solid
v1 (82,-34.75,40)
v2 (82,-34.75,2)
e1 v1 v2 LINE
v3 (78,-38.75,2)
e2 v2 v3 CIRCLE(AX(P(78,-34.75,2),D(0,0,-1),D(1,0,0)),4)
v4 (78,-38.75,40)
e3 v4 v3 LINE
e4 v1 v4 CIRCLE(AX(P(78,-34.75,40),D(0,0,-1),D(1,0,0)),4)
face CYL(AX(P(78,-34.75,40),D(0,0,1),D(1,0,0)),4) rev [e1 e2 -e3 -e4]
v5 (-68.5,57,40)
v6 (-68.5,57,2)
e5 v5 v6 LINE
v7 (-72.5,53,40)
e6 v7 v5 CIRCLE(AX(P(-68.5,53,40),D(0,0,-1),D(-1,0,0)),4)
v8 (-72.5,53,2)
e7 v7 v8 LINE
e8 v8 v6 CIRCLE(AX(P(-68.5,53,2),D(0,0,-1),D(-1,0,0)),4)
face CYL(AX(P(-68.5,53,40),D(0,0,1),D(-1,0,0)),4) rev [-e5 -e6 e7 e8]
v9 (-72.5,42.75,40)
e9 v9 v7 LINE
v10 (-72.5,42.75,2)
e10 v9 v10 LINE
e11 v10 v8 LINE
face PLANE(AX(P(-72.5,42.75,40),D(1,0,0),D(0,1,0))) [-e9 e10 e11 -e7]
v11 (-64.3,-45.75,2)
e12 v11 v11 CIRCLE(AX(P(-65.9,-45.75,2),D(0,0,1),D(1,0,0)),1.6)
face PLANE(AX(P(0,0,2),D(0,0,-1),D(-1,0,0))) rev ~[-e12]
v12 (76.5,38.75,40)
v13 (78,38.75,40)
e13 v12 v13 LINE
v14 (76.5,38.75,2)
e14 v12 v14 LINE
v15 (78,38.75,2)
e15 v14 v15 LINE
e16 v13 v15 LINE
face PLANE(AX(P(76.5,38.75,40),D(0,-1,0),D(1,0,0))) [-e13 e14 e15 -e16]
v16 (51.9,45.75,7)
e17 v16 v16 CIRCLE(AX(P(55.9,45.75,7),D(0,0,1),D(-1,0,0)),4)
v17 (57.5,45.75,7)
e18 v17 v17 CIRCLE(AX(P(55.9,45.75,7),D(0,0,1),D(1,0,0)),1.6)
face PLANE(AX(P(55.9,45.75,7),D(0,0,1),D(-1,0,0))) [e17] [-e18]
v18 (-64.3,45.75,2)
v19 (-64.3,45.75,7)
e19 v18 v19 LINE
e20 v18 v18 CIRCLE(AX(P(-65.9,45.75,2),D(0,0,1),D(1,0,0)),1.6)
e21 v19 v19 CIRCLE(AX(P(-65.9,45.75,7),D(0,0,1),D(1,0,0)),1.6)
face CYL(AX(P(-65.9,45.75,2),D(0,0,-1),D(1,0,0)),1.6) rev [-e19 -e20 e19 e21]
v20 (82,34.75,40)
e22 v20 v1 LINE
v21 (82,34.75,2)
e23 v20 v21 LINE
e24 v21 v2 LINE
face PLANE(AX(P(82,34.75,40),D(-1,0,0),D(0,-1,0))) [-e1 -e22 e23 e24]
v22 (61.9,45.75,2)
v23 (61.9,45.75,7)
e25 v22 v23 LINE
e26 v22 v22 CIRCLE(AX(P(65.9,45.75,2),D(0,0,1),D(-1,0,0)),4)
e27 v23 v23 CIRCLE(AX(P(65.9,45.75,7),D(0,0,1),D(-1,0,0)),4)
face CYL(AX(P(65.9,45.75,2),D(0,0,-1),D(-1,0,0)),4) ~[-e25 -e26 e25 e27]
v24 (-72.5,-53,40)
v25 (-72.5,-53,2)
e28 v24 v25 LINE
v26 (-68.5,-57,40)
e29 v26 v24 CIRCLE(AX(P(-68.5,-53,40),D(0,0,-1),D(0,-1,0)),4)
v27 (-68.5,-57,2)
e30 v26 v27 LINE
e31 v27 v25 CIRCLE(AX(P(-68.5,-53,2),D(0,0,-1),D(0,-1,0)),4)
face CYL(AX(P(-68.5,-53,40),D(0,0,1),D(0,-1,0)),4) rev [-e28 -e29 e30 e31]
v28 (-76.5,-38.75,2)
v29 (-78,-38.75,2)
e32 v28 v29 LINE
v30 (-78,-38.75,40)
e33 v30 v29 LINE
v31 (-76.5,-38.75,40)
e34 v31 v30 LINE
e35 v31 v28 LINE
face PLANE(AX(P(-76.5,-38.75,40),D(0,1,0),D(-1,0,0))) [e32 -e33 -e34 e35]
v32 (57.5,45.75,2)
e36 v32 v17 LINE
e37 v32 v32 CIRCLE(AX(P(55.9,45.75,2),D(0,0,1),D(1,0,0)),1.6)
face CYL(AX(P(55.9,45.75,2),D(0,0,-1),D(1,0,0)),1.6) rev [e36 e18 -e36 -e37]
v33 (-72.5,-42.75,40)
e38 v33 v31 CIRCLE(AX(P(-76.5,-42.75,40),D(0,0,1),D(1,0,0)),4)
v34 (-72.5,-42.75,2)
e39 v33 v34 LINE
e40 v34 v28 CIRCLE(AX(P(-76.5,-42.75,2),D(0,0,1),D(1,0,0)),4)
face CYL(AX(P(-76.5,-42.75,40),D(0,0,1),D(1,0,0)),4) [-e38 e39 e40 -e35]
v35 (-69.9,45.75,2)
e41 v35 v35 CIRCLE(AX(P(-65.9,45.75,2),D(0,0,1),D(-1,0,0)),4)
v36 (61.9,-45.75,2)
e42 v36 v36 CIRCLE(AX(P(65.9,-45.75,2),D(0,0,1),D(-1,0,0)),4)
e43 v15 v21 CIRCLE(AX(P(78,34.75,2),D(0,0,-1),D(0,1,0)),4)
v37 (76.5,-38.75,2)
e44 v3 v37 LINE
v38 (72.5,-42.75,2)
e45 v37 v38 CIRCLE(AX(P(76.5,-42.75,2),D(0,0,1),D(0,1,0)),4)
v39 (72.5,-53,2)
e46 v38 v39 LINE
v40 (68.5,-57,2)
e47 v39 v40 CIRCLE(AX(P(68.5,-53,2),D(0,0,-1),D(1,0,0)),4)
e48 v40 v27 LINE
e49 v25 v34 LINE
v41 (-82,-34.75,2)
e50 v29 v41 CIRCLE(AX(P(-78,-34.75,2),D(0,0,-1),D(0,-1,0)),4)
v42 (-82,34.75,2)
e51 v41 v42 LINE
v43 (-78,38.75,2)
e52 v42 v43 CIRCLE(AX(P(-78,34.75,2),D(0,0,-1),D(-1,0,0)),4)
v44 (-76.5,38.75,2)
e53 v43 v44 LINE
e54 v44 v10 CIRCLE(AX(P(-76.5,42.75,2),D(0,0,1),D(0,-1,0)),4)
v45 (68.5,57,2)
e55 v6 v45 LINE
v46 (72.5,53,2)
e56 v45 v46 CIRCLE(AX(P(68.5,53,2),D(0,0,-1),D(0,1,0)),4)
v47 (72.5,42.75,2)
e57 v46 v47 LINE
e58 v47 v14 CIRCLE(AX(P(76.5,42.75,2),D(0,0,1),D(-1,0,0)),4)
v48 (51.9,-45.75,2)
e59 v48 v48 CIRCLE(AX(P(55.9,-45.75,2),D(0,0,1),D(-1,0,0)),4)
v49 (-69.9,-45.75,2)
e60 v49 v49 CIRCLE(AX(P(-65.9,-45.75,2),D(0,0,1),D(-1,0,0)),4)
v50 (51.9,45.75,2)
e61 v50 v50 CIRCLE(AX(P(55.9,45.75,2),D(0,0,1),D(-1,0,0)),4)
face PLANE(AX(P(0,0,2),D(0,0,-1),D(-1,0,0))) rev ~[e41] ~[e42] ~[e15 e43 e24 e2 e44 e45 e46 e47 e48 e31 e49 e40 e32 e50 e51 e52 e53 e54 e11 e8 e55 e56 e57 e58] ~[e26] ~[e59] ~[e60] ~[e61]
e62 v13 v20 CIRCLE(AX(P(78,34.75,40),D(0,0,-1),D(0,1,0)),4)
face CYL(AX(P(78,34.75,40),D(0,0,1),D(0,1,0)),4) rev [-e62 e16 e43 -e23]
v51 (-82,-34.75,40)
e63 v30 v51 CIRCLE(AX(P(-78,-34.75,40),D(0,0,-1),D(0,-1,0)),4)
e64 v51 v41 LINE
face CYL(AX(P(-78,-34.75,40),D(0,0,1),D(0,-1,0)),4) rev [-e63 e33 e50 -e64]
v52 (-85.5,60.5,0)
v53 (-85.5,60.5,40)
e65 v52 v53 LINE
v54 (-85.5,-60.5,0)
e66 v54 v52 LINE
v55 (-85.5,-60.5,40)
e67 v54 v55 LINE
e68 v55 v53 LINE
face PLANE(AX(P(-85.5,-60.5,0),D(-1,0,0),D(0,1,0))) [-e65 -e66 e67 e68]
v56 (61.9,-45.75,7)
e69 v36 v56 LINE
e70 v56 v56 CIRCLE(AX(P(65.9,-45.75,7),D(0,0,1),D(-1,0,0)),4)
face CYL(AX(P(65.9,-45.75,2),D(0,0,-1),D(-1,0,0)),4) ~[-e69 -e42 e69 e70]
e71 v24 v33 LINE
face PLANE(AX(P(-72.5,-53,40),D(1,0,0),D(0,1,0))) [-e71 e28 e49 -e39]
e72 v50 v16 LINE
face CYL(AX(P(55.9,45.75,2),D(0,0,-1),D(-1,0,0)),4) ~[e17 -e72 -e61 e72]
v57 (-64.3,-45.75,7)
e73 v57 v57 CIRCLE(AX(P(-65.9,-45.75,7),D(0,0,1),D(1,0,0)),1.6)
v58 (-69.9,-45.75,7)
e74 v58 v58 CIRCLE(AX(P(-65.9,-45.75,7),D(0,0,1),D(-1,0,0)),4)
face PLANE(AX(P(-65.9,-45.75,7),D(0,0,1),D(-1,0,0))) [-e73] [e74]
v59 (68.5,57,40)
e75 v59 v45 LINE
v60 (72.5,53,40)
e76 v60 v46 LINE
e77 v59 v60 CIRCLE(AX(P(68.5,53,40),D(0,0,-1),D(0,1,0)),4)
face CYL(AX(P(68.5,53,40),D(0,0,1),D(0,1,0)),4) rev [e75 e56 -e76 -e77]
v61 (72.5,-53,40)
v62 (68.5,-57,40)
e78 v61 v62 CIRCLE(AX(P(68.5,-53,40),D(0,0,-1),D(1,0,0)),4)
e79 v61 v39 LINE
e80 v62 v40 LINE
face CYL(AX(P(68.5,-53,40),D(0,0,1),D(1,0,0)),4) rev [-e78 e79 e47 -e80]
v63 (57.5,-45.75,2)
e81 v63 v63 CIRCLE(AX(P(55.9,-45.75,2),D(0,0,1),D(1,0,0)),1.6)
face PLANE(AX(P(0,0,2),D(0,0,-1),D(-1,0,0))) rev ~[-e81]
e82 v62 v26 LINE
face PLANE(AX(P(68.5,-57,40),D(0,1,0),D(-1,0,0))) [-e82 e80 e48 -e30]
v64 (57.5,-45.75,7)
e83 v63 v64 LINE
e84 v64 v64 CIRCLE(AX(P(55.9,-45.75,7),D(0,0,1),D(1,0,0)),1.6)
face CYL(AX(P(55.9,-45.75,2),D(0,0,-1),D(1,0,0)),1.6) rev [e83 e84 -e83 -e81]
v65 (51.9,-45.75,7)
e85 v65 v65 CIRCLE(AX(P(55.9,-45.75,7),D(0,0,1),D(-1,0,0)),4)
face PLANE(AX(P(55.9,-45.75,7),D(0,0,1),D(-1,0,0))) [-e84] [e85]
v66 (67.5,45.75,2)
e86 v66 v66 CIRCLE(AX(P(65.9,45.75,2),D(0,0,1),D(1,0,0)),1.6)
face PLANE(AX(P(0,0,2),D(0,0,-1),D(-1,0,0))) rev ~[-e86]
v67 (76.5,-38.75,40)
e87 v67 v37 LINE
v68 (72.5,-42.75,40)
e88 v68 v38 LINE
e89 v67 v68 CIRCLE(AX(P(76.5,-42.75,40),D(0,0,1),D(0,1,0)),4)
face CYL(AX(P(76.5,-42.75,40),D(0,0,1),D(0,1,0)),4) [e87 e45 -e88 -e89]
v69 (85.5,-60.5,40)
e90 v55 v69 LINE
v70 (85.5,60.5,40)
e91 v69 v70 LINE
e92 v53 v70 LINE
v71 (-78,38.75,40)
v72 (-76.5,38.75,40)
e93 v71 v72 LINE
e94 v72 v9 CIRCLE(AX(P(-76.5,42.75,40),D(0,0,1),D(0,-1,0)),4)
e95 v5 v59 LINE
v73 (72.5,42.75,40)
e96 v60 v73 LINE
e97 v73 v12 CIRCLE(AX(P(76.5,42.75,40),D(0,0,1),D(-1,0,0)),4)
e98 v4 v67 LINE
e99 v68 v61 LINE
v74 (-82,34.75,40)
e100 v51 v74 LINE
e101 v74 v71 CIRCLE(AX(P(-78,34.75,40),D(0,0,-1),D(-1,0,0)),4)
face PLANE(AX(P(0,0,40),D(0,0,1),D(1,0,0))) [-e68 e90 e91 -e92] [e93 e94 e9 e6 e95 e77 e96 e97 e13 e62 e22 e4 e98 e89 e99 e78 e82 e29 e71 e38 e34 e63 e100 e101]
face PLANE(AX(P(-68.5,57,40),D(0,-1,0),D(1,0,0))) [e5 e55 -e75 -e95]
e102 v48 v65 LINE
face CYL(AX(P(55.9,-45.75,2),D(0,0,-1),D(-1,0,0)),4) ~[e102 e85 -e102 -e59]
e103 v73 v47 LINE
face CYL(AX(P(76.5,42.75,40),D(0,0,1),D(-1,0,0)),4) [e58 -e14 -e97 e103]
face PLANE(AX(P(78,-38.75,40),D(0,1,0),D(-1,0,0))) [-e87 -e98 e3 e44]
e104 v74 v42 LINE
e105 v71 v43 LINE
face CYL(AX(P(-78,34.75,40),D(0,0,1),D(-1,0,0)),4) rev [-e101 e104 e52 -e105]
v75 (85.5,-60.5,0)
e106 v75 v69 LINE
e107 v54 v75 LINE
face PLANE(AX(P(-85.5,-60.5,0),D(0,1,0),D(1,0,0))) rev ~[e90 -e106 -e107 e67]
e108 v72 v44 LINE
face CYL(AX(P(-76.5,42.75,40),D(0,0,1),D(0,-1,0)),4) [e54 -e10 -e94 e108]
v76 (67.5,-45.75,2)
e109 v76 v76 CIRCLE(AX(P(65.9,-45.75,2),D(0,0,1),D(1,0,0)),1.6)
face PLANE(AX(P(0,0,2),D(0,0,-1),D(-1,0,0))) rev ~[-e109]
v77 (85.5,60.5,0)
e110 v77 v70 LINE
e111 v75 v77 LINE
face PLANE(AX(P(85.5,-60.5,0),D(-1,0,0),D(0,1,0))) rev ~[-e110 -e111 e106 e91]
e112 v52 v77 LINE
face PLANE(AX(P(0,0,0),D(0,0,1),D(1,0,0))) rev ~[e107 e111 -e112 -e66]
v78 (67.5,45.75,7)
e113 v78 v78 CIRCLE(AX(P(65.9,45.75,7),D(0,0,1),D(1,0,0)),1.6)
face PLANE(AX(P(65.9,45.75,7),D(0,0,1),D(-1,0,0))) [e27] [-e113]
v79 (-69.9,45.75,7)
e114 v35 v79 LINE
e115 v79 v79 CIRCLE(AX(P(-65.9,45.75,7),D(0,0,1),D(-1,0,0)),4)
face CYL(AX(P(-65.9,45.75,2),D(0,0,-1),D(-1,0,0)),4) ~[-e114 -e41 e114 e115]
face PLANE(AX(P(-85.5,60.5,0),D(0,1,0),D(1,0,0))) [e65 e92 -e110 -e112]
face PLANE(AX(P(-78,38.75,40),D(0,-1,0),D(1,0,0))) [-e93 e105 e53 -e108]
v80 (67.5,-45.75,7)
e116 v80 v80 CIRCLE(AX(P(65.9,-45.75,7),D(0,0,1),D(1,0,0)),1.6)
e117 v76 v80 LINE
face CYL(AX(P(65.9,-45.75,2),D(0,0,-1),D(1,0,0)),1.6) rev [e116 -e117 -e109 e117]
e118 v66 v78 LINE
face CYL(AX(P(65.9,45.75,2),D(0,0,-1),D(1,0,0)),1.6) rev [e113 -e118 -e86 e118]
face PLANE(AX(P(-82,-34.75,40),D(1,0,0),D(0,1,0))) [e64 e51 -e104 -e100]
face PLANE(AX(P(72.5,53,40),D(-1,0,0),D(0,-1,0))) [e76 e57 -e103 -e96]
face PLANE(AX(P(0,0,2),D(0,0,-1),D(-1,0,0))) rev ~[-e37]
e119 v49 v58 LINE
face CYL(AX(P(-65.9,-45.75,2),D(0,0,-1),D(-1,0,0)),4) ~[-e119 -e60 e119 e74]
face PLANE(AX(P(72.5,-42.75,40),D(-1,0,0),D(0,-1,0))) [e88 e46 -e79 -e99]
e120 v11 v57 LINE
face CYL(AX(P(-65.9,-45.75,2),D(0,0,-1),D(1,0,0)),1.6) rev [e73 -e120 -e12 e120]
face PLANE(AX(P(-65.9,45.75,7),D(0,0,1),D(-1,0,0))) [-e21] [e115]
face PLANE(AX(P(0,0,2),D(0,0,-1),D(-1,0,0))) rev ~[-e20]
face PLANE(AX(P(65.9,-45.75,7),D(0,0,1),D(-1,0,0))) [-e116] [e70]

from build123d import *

# Parameters (mm, degrees)
SKETCH_1_W          = 171
SKETCH_1_H          = 121
EXTRUDE_1_DEPTH     = 40
CUT_EXTRUDE_1_DEPTH = 38
SKETCH_3_R          = 4
SKETCH_3_R_2        = 1.6
EXTRUDE_3_DEPTH     = 5


with BuildPart() as part:
    # Эскиз1 → Бобышка-Вытянуть1 (new body)
    with BuildSketch(Plane.XY):
        Rectangle(SKETCH_1_W, SKETCH_1_H)
    extrude(amount=EXTRUDE_1_DEPTH)

    # Эскиз2 → Вырез-Вытянуть1 (cut)
    with BuildSketch(Plane.XY.offset(40)):
        with BuildLine():
            Line((-78, 38.75), (-76.5, 38.75))
            ThreePointArc((-76.5, 38.75), (-73.671572875, 39.921572875), (-72.5, 42.75))
            Line((-72.5, 42.75), (-72.5, 53))
            ThreePointArc((-72.5, 53), (-71.328427125, 55.828427125), (-68.5, 57))
            Line((-68.5, 57), (68.5, 57))
            ThreePointArc((68.5, 57), (71.328427125, 55.828427125), (72.5, 53))
            Line((72.5, 53), (72.5, 42.75))
            ThreePointArc((72.5, 42.75), (73.671572875, 39.921572875), (76.5, 38.75))
            Line((76.5, 38.75), (78, 38.75))
            ThreePointArc((78, 38.75), (80.828427125, 37.578427125), (82, 34.75))
            Line((82, 34.75), (82, -34.75))
            ThreePointArc((82, -34.75), (80.828427125, -37.578427125), (78, -38.75))
            Line((78, -38.75), (76.5, -38.75))
            ThreePointArc((76.5, -38.75), (73.671572875, -39.921572875), (72.5, -42.75))
            Line((72.5, -42.75), (72.5, -53))
            ThreePointArc((72.5, -53), (71.328427125, -55.828427125), (68.5, -57))
            Line((68.5, -57), (-68.5, -57))
            ThreePointArc((-68.5, -57), (-71.328427125, -55.828427125), (-72.5, -53))
            Line((-72.5, -53), (-72.5, -42.75))
            ThreePointArc((-72.5, -42.75), (-73.671572875, -39.921572875), (-76.5, -38.75))
            Line((-76.5, -38.75), (-78, -38.75))
            ThreePointArc((-78, -38.75), (-80.828427125, -37.578427125), (-82, -34.75))
            Line((-82, -34.75), (-82, 34.75))
            ThreePointArc((-82, 34.75), (-80.828427125, 37.578427125), (-78, 38.75))
        make_face()
    extrude(amount=-CUT_EXTRUDE_1_DEPTH, mode=Mode.SUBTRACT)

    # Эскиз3 → Бобышка-Вытянуть3 (add)
    # profile 1 of 6: a face of its own
    with BuildSketch(Plane.XY.offset(2)):
        with Locations(Location((-65.9, 45.75, 0), (0, 0, 180))):
            Circle(SKETCH_3_R)
        with Locations((-65.9, 45.75)):
            Circle(SKETCH_3_R_2, mode=Mode.SUBTRACT)
    # profile 2 of 6: a face of its own
    with BuildSketch(Plane.XY.offset(2)):
        with Locations(Location((65.9, 45.75, 0), (0, 0, 180))):
            Circle(SKETCH_3_R)
        with Locations((65.9, 45.75)):
            Circle(SKETCH_3_R_2, mode=Mode.SUBTRACT)
    # profile 3 of 6: a face of its own
    with BuildSketch(Plane.XY.offset(2)):
        with Locations(Location((65.9, -45.75, 0), (0, 0, 180))):
            Circle(SKETCH_3_R)
        with Locations((65.9, -45.75)):
            Circle(SKETCH_3_R_2, mode=Mode.SUBTRACT)
    # profile 4 of 6: a face of its own
    with BuildSketch(Plane.XY.offset(2)):
        with Locations(Location((-65.9, -45.75, 0), (0, 0, 180))):
            Circle(SKETCH_3_R)
        with Locations((-65.9, -45.75)):
            Circle(SKETCH_3_R_2, mode=Mode.SUBTRACT)
    # profile 5 of 6: a face of its own
    with BuildSketch(Plane.XY.offset(2)):
        with Locations(Location((55.9, -45.75, 0), (0, 0, 180))):
            Circle(SKETCH_3_R)
        with Locations((55.9, -45.75)):
            Circle(SKETCH_3_R_2, mode=Mode.SUBTRACT)
    # profile 6 of 6: a face of its own
    with BuildSketch(Plane.XY.offset(2)):
        with Locations(Location((55.9, 45.75, 0), (0, 0, 180))):
            Circle(SKETCH_3_R)
        with Locations((55.9, 45.75)):
            Circle(SKETCH_3_R_2, mode=Mode.SUBTRACT)
    extrude(amount=EXTRUDE_3_DEPTH)


solid = part.part
